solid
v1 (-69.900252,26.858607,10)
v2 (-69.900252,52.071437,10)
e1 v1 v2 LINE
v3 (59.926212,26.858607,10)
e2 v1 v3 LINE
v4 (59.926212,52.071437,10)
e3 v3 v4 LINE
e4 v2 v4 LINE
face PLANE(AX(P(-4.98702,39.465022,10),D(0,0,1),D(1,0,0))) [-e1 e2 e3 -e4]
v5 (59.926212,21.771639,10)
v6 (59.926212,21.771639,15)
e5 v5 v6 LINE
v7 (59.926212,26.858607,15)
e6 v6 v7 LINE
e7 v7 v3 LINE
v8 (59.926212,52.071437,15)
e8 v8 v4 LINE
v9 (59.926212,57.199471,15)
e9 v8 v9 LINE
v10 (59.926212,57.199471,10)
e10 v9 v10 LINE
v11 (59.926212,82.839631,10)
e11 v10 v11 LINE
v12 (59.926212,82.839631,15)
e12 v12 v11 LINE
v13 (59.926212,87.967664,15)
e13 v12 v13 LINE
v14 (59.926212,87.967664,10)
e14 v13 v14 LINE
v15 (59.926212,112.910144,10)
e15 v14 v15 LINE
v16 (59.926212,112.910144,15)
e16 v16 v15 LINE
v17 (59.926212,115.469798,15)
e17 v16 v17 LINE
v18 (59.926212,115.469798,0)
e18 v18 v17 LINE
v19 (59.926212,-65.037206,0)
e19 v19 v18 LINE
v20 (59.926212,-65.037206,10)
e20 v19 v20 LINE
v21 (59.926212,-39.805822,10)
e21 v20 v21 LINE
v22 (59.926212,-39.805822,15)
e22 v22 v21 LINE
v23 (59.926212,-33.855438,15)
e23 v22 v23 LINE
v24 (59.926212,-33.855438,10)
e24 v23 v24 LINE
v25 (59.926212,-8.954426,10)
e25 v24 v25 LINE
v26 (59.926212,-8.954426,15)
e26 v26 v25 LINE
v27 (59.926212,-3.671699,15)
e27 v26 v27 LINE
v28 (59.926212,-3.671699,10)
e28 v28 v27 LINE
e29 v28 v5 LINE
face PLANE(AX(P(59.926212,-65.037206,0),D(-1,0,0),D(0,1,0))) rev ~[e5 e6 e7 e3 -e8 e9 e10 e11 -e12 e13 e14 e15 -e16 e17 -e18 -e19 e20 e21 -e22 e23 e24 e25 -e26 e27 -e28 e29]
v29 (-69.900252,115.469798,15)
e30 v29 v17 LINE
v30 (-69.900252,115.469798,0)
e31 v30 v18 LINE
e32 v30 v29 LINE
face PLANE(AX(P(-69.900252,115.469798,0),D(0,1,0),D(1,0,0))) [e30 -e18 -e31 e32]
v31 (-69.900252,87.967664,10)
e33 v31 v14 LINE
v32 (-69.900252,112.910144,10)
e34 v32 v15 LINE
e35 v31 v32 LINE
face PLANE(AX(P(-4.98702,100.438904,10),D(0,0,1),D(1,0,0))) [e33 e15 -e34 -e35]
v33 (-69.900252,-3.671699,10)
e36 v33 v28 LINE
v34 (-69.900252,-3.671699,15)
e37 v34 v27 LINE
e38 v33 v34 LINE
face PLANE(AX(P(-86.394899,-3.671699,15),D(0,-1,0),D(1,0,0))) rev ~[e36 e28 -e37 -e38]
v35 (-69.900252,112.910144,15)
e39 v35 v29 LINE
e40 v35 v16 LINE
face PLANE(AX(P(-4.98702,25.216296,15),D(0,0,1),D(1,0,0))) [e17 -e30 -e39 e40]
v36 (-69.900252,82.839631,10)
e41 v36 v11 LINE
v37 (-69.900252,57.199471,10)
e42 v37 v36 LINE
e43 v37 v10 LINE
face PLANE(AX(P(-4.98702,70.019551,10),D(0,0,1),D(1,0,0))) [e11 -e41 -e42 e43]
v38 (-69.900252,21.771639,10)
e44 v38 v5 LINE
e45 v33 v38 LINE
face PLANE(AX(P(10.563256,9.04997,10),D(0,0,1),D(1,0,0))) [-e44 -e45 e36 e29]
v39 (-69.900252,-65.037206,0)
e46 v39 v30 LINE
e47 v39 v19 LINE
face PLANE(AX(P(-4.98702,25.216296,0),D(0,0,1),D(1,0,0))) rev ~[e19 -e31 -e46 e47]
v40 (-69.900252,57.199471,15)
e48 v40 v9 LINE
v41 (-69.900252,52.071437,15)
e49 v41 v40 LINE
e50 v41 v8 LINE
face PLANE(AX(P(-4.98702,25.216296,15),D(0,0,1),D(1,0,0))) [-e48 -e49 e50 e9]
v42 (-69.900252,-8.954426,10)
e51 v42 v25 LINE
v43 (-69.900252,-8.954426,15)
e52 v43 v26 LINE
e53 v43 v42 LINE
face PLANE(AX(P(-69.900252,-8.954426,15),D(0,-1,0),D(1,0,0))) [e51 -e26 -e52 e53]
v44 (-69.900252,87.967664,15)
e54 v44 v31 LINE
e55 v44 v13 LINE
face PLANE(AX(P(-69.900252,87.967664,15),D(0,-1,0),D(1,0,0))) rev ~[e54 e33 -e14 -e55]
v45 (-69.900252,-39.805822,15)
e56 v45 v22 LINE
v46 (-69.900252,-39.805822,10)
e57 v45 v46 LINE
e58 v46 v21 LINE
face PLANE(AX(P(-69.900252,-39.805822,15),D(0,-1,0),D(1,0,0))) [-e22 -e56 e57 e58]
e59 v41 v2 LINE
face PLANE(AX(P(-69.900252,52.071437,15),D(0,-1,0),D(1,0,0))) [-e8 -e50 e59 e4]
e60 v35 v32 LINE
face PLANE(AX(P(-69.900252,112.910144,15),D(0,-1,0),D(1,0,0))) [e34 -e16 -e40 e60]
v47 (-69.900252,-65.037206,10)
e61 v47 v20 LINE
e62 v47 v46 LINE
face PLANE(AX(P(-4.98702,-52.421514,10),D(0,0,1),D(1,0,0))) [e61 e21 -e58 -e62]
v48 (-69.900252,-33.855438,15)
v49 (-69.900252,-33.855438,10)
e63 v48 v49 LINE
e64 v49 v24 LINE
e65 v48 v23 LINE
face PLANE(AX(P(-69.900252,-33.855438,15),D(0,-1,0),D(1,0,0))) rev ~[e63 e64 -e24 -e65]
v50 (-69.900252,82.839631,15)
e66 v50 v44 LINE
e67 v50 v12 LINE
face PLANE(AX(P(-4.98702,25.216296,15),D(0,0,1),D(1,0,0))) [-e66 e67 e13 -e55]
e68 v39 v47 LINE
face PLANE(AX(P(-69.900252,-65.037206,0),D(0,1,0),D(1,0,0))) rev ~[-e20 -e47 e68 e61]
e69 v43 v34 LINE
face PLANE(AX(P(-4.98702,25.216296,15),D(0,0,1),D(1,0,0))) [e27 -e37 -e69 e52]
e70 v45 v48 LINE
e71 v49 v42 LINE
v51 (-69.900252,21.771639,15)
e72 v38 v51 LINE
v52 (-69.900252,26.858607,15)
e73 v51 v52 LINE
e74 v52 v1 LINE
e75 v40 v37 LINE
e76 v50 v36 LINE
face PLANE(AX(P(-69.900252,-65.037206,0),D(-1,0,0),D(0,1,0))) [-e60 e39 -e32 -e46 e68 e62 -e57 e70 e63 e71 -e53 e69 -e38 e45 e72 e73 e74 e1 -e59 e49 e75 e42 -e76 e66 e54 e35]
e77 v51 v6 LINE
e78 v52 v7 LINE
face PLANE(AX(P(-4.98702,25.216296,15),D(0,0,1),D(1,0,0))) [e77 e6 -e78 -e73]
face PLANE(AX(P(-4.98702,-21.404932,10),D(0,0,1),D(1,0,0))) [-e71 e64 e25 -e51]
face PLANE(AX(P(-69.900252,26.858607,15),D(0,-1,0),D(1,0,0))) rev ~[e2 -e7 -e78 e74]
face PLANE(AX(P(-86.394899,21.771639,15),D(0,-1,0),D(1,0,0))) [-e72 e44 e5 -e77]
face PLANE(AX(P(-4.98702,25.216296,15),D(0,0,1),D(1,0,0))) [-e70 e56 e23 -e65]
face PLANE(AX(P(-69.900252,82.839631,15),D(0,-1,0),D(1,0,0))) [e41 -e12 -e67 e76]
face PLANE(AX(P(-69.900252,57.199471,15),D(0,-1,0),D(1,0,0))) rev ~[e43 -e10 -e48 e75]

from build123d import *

# Parameters (mm, degrees)
F0_W      = 129.826464
F0_H      = 180.507004
F1_DEPTH  = 15
F2_W      = 129.826464
F2_H      = 25.231384
F4_DEPTH  = 5
F3_W      = 129.826464
F3_H      = 24.901012
F5_DEPTH  = 5
F7_W      = 193.91631
F7_H      = 25.443339
F8_DEPTH  = 5
F9_W      = 129.826464
F9_H      = 24.94248
F9_H_2    = 25.64016
F9_H_3    = 25.21283
F10_DEPTH = 5


with BuildPart() as f1:
    # F0 (on Top) → F1 (new body)
    with BuildSketch(Plane.XY):
        with Locations((-4.98702, 25.216296)):
            Rectangle(F0_W, F0_H)
    extrude(amount=F1_DEPTH)

    # F2 (on face) → F4 (cut)
    with BuildSketch(Plane.XY.offset(15)):
        with Locations((-4.98702, -52.421514)):
            Rectangle(F2_W, F2_H)
    extrude(amount=-F4_DEPTH, mode=Mode.SUBTRACT)

    # F3 (on face) → F5 (cut)
    with BuildSketch(Plane.XY.offset(15)):
        with Locations((-4.98702, -21.404932)):
            Rectangle(F3_W, F3_H)
    extrude(amount=-F5_DEPTH, mode=Mode.SUBTRACT)

    # F7 (on face) → F8 (cut)
    with BuildSketch(Plane.XY.offset(15)):
        with Locations((10.563256, 9.04997)):
            Rectangle(F7_W, F7_H)
    extrude(amount=-F8_DEPTH, mode=Mode.SUBTRACT)

    # F9 (on face) → F10 (cut)
    with BuildSketch(Plane.XY.offset(15)):
        with Locations((-4.98702, 100.438904)):
            Rectangle(F9_W, F9_H)
        with Locations((-4.98702, 70.019551)):
            Rectangle(F9_W, F9_H_2)
        with Locations((-4.98702, 39.465022)):
            Rectangle(F9_W, F9_H_3)
    extrude(amount=-F10_DEPTH, mode=Mode.SUBTRACT)


solid = f1.part
